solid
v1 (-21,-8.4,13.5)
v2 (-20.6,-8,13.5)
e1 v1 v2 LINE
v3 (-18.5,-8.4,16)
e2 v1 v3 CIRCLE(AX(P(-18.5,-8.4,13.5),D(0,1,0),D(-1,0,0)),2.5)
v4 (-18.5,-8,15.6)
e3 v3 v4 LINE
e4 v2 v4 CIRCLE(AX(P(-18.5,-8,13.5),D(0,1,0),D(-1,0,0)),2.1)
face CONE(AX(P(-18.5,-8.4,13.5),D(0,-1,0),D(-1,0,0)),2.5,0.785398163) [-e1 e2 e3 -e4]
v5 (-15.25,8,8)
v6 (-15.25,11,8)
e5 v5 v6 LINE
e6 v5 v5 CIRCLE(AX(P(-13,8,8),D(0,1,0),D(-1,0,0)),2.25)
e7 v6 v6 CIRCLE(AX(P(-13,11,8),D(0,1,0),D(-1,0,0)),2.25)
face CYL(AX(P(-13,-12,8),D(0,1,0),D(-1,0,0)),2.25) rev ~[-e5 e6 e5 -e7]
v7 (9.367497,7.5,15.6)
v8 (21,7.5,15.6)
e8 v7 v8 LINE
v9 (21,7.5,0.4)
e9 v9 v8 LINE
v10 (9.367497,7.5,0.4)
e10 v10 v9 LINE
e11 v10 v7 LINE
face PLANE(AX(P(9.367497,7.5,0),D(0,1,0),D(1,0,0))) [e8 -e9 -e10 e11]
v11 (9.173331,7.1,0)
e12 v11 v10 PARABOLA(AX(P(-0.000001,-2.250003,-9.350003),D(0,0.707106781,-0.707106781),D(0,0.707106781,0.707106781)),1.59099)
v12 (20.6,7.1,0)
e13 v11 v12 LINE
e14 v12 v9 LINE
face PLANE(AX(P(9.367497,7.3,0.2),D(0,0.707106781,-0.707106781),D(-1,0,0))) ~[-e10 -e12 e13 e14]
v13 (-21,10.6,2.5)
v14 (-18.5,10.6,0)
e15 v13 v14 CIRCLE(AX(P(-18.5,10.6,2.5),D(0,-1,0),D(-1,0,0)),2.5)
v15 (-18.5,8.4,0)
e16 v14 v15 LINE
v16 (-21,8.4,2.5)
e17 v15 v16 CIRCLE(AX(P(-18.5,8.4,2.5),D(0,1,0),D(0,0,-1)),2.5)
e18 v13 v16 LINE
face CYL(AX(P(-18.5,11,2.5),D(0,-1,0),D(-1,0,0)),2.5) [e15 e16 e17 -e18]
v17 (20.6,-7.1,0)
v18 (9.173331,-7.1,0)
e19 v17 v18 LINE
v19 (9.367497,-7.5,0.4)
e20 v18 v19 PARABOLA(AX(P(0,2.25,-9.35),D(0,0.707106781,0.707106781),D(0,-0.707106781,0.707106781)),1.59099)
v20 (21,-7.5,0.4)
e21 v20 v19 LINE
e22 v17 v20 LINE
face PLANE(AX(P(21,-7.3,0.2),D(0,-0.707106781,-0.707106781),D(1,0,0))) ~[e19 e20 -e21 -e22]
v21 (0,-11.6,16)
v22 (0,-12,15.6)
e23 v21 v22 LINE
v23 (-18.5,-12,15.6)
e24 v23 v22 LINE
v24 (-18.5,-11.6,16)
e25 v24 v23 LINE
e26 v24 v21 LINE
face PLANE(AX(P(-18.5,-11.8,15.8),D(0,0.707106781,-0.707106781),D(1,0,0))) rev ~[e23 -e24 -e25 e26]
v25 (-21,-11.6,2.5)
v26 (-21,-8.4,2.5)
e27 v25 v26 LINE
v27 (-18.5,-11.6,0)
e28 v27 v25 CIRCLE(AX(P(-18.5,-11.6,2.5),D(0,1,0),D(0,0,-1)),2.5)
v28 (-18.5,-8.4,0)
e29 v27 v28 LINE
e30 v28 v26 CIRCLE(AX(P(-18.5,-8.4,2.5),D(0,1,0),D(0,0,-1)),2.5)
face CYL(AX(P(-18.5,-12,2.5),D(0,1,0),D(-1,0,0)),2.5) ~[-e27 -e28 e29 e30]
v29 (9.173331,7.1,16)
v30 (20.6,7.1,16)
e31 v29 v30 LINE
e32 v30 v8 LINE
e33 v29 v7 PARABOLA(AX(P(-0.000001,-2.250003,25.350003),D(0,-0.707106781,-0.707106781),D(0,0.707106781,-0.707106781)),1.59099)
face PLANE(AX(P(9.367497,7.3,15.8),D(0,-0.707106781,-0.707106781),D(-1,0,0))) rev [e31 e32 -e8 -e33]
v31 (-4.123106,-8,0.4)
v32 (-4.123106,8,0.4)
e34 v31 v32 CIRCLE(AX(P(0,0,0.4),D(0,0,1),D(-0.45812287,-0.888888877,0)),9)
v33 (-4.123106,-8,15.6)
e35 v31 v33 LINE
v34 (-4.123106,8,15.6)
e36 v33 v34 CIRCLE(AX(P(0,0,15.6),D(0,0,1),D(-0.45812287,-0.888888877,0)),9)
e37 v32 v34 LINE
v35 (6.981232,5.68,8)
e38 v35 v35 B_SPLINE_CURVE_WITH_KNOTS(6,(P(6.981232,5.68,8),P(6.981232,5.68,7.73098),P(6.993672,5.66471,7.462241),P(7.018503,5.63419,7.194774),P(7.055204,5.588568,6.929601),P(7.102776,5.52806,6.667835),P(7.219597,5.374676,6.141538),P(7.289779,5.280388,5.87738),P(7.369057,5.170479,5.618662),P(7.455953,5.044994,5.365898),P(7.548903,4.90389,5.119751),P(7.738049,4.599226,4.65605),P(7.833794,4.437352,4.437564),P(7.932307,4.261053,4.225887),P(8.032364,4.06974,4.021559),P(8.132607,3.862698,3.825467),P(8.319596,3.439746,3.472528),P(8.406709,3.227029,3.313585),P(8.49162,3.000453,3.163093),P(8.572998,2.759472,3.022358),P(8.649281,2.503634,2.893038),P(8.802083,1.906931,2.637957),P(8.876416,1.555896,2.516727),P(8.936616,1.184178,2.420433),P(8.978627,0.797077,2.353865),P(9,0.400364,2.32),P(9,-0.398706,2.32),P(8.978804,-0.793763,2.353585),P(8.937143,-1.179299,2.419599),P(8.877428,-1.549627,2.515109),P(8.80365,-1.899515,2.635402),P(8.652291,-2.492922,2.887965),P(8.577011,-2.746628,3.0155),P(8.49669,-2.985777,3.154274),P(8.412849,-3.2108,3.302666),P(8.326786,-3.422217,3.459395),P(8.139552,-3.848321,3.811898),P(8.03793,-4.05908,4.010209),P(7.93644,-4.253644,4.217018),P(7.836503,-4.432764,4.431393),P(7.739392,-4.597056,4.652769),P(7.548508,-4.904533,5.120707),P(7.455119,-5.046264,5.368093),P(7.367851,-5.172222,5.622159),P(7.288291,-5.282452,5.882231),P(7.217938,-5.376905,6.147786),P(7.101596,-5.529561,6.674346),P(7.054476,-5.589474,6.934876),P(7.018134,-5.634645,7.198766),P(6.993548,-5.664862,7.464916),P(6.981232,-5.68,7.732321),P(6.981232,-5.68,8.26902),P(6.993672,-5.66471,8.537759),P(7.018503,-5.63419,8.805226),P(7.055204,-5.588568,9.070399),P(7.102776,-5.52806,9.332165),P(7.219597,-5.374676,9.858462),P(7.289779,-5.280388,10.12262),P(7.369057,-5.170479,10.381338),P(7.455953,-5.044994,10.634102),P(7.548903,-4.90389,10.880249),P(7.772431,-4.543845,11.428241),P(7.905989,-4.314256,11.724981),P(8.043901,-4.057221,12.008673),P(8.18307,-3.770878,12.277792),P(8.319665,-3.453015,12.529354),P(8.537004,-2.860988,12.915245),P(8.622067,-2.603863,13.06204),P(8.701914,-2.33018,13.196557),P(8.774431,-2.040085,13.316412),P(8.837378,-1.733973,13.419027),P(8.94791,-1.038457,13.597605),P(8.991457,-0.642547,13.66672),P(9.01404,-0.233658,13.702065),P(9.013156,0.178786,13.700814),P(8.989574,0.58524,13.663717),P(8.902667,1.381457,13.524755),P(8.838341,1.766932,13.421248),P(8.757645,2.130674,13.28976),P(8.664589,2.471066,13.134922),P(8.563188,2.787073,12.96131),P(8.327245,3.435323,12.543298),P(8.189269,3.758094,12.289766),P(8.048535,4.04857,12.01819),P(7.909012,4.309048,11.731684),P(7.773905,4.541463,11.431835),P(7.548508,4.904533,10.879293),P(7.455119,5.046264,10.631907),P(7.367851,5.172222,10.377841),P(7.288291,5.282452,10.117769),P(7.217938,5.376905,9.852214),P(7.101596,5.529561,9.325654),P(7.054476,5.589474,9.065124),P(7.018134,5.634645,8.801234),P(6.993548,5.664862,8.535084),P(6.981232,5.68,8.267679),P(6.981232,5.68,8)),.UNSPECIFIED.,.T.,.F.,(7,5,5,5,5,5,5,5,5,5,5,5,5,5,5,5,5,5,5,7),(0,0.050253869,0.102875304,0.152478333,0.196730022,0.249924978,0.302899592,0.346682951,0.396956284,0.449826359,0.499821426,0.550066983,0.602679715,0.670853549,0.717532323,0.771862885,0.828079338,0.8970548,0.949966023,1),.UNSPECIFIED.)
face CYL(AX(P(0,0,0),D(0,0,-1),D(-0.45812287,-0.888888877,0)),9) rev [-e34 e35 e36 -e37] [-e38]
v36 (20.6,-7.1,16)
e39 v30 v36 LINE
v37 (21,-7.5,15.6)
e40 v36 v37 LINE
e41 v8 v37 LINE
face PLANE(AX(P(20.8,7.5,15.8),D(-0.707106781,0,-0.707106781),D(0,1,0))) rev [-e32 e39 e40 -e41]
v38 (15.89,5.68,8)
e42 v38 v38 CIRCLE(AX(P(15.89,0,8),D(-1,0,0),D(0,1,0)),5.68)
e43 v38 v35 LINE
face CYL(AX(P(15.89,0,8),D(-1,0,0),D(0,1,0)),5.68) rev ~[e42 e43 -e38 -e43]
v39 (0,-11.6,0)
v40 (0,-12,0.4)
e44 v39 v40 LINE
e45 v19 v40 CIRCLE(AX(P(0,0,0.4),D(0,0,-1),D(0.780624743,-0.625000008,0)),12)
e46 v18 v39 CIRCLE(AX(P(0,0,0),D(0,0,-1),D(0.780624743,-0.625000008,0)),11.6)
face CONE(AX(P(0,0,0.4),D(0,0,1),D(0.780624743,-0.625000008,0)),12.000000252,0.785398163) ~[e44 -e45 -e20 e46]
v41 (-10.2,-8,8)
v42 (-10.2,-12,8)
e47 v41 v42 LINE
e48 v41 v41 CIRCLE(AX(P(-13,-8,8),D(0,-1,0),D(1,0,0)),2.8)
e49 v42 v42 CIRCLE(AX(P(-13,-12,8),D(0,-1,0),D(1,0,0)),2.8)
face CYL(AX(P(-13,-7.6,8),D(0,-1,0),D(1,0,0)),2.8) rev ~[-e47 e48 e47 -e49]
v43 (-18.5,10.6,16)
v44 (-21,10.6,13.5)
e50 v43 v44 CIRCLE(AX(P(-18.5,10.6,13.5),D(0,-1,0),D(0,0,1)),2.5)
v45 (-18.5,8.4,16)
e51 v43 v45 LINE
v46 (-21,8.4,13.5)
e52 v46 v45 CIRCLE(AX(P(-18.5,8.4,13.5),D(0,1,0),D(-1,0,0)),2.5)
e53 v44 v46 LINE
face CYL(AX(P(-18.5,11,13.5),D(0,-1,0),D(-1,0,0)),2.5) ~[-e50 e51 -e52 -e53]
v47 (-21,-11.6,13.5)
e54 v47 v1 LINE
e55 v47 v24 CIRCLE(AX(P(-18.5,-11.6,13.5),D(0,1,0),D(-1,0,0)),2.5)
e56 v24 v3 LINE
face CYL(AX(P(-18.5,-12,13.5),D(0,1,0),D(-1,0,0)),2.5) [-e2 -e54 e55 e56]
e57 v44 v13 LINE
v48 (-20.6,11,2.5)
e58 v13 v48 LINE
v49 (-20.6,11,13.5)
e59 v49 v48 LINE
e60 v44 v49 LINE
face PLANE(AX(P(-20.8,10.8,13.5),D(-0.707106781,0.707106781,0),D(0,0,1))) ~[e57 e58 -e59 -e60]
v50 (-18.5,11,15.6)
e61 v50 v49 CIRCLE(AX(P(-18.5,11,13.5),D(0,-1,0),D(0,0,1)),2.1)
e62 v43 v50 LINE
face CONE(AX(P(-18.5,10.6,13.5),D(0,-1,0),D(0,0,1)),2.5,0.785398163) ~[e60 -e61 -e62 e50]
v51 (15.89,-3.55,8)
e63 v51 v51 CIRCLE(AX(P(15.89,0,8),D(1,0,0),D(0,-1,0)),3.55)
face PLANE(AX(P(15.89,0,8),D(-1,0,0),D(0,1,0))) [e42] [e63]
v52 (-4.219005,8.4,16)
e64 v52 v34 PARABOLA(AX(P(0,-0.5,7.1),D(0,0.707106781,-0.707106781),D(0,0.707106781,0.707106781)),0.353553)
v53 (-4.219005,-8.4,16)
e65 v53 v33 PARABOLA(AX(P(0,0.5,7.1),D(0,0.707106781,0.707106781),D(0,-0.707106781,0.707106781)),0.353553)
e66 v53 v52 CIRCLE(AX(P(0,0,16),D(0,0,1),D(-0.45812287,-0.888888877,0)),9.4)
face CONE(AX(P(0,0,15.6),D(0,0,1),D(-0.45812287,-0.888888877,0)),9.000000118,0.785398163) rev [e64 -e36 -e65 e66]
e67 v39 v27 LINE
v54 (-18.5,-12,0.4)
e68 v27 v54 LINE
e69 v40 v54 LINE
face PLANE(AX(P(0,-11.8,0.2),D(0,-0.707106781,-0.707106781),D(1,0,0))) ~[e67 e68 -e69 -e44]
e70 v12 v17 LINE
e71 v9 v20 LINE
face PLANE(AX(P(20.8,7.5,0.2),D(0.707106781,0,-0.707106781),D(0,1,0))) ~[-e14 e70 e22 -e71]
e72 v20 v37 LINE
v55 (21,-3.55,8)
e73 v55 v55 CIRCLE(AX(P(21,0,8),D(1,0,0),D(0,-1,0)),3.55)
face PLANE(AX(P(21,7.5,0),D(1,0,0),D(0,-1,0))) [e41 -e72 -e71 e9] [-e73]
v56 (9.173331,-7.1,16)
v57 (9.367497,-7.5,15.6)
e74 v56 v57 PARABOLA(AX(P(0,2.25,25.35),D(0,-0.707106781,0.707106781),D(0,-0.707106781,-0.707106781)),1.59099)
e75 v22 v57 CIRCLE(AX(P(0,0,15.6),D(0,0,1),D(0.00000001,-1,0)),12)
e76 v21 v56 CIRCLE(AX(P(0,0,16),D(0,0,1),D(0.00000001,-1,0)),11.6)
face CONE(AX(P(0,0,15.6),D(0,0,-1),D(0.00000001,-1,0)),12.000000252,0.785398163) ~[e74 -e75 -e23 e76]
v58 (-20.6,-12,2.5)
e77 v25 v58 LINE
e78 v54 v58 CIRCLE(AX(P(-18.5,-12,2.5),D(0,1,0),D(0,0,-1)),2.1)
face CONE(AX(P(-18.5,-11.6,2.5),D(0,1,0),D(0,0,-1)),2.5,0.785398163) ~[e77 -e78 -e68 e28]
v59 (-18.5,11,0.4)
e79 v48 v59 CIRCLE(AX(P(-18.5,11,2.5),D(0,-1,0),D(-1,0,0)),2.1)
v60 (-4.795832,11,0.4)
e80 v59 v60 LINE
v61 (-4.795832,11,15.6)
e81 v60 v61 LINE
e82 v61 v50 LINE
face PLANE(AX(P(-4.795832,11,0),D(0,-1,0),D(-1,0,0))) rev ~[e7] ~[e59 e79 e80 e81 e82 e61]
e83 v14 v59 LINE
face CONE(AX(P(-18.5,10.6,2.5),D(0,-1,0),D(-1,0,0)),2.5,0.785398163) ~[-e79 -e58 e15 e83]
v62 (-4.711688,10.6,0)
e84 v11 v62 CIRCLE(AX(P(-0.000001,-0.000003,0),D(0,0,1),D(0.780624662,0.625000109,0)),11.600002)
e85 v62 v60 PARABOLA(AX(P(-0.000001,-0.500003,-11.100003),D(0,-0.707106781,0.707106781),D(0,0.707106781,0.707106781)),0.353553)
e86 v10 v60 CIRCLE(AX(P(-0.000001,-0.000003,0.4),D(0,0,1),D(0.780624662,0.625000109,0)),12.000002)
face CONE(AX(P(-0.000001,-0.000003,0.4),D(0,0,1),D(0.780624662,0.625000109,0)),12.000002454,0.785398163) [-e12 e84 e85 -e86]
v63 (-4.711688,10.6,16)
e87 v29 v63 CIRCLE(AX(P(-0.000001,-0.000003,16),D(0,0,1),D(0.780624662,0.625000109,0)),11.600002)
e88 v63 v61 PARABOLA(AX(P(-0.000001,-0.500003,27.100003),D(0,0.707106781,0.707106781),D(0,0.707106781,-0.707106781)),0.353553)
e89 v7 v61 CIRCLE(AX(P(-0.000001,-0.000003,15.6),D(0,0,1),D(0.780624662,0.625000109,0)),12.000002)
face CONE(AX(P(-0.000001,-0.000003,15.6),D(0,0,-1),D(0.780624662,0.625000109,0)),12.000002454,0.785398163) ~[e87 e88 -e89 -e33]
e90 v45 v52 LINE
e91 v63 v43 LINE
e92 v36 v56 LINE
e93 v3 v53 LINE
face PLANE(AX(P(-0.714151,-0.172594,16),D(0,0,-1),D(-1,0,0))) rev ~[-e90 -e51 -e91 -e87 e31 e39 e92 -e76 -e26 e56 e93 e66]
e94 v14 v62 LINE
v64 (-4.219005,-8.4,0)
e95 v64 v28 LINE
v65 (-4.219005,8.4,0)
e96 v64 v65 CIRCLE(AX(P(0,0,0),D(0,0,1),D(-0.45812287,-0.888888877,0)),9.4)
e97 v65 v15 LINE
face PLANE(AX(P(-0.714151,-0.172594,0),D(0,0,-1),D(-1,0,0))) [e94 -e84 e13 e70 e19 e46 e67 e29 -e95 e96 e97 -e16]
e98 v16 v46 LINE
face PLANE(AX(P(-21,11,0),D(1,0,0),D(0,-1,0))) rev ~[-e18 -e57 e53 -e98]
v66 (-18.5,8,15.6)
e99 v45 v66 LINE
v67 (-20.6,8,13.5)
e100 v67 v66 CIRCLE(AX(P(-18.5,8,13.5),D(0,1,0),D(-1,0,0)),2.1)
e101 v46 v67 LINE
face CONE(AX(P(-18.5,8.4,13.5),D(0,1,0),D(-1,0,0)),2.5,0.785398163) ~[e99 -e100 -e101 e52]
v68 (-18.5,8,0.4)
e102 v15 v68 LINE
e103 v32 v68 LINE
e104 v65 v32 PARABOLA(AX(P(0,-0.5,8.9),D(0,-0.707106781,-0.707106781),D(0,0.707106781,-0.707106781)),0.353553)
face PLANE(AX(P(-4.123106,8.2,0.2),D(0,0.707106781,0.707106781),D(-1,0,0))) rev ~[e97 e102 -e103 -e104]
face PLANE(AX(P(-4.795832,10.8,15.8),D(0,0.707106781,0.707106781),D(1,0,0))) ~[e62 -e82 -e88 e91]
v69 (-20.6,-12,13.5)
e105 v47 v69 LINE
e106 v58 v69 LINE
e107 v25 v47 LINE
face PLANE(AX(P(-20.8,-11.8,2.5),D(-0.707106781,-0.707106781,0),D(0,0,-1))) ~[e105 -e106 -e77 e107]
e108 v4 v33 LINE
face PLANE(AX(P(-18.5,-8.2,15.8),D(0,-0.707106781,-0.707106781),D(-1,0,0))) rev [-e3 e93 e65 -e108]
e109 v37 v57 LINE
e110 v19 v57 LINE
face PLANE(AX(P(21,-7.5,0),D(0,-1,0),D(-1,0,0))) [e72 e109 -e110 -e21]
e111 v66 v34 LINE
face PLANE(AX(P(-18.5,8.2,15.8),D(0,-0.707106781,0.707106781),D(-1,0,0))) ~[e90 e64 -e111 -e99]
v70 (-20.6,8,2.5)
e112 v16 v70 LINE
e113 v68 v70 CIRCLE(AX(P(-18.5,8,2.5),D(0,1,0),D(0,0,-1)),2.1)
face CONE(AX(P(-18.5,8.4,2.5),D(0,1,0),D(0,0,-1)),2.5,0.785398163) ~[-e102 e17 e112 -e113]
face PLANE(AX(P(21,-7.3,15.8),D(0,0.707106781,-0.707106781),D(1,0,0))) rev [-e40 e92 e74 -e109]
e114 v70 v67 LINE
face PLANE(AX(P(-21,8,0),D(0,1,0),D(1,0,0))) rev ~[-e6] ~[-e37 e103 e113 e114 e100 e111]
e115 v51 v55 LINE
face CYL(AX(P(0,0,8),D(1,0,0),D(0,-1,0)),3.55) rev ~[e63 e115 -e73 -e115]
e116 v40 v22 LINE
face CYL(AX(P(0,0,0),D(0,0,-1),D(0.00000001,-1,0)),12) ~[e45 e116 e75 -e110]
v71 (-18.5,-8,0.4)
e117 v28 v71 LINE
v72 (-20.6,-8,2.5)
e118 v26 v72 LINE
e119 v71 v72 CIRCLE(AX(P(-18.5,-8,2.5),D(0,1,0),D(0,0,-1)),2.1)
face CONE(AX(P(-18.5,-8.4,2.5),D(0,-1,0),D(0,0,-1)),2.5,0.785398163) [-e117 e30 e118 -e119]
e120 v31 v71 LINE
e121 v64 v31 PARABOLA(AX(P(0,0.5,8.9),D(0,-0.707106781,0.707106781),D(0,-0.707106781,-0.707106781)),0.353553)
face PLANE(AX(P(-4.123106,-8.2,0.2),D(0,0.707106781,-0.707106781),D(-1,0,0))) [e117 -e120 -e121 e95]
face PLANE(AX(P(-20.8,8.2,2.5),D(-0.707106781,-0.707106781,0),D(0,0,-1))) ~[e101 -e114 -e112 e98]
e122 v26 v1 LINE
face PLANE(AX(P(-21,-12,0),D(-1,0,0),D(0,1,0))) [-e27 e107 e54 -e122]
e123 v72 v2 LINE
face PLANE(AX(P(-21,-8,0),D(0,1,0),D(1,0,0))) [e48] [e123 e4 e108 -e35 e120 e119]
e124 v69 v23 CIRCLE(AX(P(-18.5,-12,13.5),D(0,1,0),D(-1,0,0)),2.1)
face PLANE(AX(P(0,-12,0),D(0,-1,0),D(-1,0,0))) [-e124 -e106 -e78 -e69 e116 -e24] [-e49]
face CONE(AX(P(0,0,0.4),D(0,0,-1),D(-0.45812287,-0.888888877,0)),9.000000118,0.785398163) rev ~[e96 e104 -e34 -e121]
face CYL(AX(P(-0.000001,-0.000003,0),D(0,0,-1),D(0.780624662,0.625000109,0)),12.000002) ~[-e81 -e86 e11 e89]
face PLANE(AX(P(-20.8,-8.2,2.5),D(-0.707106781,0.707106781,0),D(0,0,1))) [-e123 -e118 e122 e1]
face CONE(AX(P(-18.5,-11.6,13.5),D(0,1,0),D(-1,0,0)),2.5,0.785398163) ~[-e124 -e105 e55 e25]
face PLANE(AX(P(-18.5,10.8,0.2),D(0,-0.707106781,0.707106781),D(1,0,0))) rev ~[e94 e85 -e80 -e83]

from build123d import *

# Parameters (mm, degrees)
PAD004_DEPTH        = 16
FILLET003_R         = 2.5
HOLE003_D           = 4.5
HOLE003_CBORE_D     = 5.6
HOLE003_CBORE_DEPTH = 4.4
HOLE004_D           = 7.1
HOLE004_CBORE_D     = 11.36
HOLE004_CBORE_DEPTH = 15.89
CHAMFER006_SIZE     = 0.4


with BuildPart() as part:
    # Sketch017 → Pad004 (new body)
    with BuildSketch(Plane.XY):
        with BuildLine():
            Line((9.367497, 7.5), (21, 7.5))
            Line((21, 7.5), (21, -7.5))
            Line((21, -7.5), (9.367497, -7.5))
            ThreePointArc((0, -12), (5.196152, -10.816654), (9.367497, -7.5))
            Line((0, -12), (-21, -12))
            Line((-21, -12), (-21, -8))
            Line((-21, -8), (-4.123106, -8))
            ThreePointArc((-4.123106, -8), (9, 0), (-4.123106, 8))
            Line((-21, 8), (-4.123106, 8))
            Line((-21, 11), (-21, 8))
            Line((-4.795832, 11), (-21, 11))
            ThreePointArc((9.367497, 7.5), (2.878807, 11.649569), (-4.795832, 11))
        make_face()
    extrude(amount=PAD004_DEPTH)

    # Fillet003
    fillet003_edges = [part.edges().sort_by_distance(p)[0] for p in [
        (-21, -10, 16),
        (-21, 9.5, 16),
        (-21, 9.5, 0),
        (-21, -10, 0),
    ]]
    fillet(fillet003_edges, radius=FILLET003_R)

    # Hole003 (through all)
    with Locations(Plane.XZ.offset(12)):
        with Locations((-13, 8)):
            CounterBoreHole(HOLE003_D / 2, HOLE003_CBORE_D / 2, HOLE003_CBORE_DEPTH)

    # Hole004 (through all)
    with Locations(Plane(origin=(0, 0, 0), x_dir=(0, 1, 0), z_dir=(-1, 0, 0))):
        with Locations((0, -8)):
            CounterBoreHole(HOLE004_D / 2, HOLE004_CBORE_D / 2, HOLE004_CBORE_DEPTH)

    # Chamfer006
    chamfer006_edges = [part.edges().sort_by_distance(p)[0] for p in [
        (21, 0, 16),
        (15.183748, 7.5, 16),
        (15.183748, -7.5, 16),
        (5.196152, -10.816654, 16),
        (9, 0, 16),
        (2.878807, 11.649569, 16),
        (-11.647916, 11, 16),
        (-11.311553, 8, 16),
        (-11.311553, -8, 16),
        (-9.25, -12, 16),
        (15.183748, 7.5, 0),
        (21, 0, 0),
        (2.878807, 11.649569, 0),
        (9, 0, 0),
        (-11.647916, 11, 0),
        (-11.311553, 8, 0),
        (15.183748, -7.5, 0),
        (5.196152, -10.816654, 0),
        (-9.25, -12, 0),
        (-11.311553, -8, 0),
    ]]
    chamfer(chamfer006_edges, length=CHAMFER006_SIZE)


solid = part.part
